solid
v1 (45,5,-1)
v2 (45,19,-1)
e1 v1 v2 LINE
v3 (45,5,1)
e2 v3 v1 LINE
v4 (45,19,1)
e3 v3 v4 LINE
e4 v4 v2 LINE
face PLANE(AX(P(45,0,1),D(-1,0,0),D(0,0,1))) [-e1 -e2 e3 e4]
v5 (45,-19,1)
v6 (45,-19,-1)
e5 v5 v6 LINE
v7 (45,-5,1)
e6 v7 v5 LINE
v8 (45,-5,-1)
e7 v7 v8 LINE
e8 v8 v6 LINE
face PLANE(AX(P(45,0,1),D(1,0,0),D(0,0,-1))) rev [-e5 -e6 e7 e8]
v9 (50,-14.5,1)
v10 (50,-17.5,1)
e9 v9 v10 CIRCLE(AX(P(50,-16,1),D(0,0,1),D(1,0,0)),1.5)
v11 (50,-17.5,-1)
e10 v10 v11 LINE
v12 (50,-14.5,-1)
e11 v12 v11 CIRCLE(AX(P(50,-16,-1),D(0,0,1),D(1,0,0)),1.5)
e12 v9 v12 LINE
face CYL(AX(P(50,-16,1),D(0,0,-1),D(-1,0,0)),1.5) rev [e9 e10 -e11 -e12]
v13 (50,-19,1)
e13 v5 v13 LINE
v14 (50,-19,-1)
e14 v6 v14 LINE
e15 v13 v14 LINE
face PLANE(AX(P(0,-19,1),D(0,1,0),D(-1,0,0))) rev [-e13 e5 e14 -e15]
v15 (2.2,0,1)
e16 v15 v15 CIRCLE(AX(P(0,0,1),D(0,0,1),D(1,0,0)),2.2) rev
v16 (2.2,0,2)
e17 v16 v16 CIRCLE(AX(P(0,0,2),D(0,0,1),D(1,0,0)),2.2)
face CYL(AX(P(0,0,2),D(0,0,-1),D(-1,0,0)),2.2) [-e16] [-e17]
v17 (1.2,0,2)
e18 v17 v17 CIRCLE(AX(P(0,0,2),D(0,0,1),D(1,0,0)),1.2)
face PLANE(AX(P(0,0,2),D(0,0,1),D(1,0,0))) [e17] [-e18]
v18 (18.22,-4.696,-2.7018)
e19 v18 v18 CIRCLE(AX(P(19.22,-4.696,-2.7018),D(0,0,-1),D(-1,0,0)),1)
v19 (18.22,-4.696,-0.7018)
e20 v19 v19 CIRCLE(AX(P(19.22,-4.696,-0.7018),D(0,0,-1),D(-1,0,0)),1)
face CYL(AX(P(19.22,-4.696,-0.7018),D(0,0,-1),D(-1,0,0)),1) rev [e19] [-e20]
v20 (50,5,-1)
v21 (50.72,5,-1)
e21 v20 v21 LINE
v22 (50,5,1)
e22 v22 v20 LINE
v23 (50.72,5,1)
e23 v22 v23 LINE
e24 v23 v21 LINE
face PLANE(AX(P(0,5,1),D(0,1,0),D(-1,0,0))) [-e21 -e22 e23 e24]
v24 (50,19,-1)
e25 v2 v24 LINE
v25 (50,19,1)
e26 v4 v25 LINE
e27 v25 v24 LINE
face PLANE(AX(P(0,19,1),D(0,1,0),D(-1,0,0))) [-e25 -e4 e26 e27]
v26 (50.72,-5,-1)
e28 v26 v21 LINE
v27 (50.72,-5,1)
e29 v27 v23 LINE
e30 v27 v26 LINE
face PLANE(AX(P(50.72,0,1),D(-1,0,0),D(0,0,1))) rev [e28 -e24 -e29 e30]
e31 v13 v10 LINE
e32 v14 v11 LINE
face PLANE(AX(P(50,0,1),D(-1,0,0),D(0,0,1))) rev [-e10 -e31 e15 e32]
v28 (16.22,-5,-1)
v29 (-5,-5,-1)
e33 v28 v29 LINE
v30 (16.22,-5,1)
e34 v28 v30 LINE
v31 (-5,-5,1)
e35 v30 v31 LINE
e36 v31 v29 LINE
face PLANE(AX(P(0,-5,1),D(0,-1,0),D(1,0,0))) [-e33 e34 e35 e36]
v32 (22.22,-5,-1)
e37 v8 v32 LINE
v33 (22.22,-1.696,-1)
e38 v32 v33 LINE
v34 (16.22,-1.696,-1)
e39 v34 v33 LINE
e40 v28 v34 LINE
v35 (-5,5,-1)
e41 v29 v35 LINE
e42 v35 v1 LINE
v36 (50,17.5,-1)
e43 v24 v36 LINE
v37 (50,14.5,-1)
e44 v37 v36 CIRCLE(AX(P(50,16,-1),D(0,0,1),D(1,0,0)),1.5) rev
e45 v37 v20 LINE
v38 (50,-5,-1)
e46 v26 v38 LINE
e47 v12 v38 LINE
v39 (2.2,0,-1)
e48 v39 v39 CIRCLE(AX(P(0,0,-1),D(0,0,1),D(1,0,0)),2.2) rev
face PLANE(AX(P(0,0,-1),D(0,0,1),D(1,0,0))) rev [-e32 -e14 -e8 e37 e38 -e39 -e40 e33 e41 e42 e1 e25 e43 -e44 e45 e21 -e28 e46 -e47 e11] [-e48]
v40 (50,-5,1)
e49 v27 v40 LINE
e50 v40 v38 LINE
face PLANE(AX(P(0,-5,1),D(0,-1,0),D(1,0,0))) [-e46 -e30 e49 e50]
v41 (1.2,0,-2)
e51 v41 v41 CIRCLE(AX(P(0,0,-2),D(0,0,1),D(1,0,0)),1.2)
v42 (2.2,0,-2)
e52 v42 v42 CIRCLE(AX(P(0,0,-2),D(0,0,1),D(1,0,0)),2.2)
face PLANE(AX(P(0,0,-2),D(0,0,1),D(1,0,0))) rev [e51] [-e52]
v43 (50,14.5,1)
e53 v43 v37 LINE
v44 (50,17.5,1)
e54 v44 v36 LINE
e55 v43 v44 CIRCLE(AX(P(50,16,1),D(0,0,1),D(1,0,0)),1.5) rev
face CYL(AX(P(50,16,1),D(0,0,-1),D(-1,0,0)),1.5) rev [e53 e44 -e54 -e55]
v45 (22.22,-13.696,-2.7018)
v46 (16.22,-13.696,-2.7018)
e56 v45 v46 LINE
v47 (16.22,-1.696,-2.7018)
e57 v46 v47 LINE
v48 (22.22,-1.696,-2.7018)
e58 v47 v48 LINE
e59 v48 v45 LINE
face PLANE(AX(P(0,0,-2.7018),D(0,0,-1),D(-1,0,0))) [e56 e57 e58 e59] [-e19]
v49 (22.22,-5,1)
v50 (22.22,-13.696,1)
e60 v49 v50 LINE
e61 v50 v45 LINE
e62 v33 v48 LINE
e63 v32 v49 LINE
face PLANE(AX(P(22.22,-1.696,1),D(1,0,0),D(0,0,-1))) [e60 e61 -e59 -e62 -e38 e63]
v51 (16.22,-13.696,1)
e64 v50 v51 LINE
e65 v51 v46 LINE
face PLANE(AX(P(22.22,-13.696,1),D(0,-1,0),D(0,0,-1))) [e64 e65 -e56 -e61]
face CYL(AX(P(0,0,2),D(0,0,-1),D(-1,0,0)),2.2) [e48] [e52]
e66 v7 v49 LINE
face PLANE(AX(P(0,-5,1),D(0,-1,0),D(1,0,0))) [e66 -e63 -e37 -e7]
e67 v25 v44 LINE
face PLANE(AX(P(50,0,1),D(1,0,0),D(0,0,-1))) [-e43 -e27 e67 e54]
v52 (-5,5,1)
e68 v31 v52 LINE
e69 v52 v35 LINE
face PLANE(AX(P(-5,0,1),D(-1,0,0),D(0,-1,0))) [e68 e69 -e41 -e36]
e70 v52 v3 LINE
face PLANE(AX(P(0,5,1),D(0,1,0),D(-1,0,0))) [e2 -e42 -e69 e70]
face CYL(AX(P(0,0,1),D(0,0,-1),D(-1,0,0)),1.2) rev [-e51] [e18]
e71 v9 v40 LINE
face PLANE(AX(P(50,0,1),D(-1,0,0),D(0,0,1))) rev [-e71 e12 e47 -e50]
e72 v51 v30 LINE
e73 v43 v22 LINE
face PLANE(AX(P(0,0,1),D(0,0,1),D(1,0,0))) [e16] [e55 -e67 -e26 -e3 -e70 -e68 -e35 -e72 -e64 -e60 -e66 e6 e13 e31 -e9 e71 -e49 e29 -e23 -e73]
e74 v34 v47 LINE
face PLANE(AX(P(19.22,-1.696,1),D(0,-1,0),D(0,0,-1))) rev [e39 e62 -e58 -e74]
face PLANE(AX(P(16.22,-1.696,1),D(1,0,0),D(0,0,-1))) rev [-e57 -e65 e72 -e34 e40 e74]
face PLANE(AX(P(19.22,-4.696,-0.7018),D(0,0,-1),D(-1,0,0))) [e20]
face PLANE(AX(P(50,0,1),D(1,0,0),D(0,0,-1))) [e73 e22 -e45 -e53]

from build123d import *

# Parameters (mm, degrees)
SKETCH1_R                = 0.254
SKETCH1_R_2              = 1.2
BOSS_EXTRUDE1_DEPTH      = 1
SKETCH2_R                = 2.2
SKETCH2_R_2              = 1.2
BOSS_EXTRUDE2_DEPTH      = 2
BOSS_EXTRUDE3_DEPTH      = 1.7018
BOSS_EXTRUDE3_DEPTH_BACK = 2
SKETCH5_R                = 1
CUT_EXTRUDE3_DEPTH       = 2


with BuildPart() as part:
    # Sketch1 → Boss-Extrude1 (new, symmetric)
    with BuildSketch(Plane.XY):
        with BuildLine():
            Line((-5, 5), (-5, -5))
            Line((-5, -5), (45, -5))
            Line((45, -5), (45, -19))
            Line((45, -19), (50, -19))
            Line((50, -19), (50, -17.5))
            ThreePointArc((50, -17.5), (48.5, -16), (50, -14.5))
            Line((50, -14.5), (50, -5))
            Line((50, -5), (50.72, -5))
            Line((50.72, -5), (50.72, 0))
            Line((50.72, 0), (50.72, 5))
            Line((50.72, 5), (50, 5))
            Line((50, 5), (50, 14.5))
            ThreePointArc((50, 14.5), (48.5, 16), (50, 17.5))
            Line((50, 17.5), (50, 19))
            Line((50, 19), (45, 19))
            Line((45, 19), (45, 5))
            Line((45, 5), (-5, 5))
        make_face()
        with Locations((19.22, -2.25)):
            Circle(SKETCH1_R, mode=Mode.SUBTRACT)
        Circle(SKETCH1_R_2, mode=Mode.SUBTRACT)
    extrude(amount=BOSS_EXTRUDE1_DEPTH, both=True)

    # Sketch2 → Boss-Extrude2 (add, symmetric)
    with BuildSketch(Plane.XY):
        Circle(SKETCH2_R)
        Circle(SKETCH2_R_2, mode=Mode.SUBTRACT)
    extrude(amount=BOSS_EXTRUDE2_DEPTH, both=True)

    # Sketch3 → Boss-Extrude3 (add, two sides: drawn at the far end of the back side and taken through both)
    with BuildSketch(Plane(origin=(0, 0, -1), x_dir=(-1, 0, 0), z_dir=(0, 0, -1)).offset(-BOSS_EXTRUDE3_DEPTH_BACK)):
        Polygon((-19.22, -1.696), (-22.22, -1.696), (-22.22, -13.696), (-16.22, -13.696), (-16.22, -12.696), (-16.22, -11.696), (-16.22, -9.062), (-16.22, -1.696), align=None)
    extrude(amount=BOSS_EXTRUDE3_DEPTH + BOSS_EXTRUDE3_DEPTH_BACK)

    # Sketch5 → Cut-Extrude3 (cut)
    with BuildSketch(Plane(origin=(0, 0, -2.7018), x_dir=(-1, 0, 0), z_dir=(0, 0, -1))):
        with Locations((-19.22, -4.696)):
            Circle(SKETCH5_R)
    extrude(amount=-CUT_EXTRUDE3_DEPTH, mode=Mode.SUBTRACT)


solid = part.part
